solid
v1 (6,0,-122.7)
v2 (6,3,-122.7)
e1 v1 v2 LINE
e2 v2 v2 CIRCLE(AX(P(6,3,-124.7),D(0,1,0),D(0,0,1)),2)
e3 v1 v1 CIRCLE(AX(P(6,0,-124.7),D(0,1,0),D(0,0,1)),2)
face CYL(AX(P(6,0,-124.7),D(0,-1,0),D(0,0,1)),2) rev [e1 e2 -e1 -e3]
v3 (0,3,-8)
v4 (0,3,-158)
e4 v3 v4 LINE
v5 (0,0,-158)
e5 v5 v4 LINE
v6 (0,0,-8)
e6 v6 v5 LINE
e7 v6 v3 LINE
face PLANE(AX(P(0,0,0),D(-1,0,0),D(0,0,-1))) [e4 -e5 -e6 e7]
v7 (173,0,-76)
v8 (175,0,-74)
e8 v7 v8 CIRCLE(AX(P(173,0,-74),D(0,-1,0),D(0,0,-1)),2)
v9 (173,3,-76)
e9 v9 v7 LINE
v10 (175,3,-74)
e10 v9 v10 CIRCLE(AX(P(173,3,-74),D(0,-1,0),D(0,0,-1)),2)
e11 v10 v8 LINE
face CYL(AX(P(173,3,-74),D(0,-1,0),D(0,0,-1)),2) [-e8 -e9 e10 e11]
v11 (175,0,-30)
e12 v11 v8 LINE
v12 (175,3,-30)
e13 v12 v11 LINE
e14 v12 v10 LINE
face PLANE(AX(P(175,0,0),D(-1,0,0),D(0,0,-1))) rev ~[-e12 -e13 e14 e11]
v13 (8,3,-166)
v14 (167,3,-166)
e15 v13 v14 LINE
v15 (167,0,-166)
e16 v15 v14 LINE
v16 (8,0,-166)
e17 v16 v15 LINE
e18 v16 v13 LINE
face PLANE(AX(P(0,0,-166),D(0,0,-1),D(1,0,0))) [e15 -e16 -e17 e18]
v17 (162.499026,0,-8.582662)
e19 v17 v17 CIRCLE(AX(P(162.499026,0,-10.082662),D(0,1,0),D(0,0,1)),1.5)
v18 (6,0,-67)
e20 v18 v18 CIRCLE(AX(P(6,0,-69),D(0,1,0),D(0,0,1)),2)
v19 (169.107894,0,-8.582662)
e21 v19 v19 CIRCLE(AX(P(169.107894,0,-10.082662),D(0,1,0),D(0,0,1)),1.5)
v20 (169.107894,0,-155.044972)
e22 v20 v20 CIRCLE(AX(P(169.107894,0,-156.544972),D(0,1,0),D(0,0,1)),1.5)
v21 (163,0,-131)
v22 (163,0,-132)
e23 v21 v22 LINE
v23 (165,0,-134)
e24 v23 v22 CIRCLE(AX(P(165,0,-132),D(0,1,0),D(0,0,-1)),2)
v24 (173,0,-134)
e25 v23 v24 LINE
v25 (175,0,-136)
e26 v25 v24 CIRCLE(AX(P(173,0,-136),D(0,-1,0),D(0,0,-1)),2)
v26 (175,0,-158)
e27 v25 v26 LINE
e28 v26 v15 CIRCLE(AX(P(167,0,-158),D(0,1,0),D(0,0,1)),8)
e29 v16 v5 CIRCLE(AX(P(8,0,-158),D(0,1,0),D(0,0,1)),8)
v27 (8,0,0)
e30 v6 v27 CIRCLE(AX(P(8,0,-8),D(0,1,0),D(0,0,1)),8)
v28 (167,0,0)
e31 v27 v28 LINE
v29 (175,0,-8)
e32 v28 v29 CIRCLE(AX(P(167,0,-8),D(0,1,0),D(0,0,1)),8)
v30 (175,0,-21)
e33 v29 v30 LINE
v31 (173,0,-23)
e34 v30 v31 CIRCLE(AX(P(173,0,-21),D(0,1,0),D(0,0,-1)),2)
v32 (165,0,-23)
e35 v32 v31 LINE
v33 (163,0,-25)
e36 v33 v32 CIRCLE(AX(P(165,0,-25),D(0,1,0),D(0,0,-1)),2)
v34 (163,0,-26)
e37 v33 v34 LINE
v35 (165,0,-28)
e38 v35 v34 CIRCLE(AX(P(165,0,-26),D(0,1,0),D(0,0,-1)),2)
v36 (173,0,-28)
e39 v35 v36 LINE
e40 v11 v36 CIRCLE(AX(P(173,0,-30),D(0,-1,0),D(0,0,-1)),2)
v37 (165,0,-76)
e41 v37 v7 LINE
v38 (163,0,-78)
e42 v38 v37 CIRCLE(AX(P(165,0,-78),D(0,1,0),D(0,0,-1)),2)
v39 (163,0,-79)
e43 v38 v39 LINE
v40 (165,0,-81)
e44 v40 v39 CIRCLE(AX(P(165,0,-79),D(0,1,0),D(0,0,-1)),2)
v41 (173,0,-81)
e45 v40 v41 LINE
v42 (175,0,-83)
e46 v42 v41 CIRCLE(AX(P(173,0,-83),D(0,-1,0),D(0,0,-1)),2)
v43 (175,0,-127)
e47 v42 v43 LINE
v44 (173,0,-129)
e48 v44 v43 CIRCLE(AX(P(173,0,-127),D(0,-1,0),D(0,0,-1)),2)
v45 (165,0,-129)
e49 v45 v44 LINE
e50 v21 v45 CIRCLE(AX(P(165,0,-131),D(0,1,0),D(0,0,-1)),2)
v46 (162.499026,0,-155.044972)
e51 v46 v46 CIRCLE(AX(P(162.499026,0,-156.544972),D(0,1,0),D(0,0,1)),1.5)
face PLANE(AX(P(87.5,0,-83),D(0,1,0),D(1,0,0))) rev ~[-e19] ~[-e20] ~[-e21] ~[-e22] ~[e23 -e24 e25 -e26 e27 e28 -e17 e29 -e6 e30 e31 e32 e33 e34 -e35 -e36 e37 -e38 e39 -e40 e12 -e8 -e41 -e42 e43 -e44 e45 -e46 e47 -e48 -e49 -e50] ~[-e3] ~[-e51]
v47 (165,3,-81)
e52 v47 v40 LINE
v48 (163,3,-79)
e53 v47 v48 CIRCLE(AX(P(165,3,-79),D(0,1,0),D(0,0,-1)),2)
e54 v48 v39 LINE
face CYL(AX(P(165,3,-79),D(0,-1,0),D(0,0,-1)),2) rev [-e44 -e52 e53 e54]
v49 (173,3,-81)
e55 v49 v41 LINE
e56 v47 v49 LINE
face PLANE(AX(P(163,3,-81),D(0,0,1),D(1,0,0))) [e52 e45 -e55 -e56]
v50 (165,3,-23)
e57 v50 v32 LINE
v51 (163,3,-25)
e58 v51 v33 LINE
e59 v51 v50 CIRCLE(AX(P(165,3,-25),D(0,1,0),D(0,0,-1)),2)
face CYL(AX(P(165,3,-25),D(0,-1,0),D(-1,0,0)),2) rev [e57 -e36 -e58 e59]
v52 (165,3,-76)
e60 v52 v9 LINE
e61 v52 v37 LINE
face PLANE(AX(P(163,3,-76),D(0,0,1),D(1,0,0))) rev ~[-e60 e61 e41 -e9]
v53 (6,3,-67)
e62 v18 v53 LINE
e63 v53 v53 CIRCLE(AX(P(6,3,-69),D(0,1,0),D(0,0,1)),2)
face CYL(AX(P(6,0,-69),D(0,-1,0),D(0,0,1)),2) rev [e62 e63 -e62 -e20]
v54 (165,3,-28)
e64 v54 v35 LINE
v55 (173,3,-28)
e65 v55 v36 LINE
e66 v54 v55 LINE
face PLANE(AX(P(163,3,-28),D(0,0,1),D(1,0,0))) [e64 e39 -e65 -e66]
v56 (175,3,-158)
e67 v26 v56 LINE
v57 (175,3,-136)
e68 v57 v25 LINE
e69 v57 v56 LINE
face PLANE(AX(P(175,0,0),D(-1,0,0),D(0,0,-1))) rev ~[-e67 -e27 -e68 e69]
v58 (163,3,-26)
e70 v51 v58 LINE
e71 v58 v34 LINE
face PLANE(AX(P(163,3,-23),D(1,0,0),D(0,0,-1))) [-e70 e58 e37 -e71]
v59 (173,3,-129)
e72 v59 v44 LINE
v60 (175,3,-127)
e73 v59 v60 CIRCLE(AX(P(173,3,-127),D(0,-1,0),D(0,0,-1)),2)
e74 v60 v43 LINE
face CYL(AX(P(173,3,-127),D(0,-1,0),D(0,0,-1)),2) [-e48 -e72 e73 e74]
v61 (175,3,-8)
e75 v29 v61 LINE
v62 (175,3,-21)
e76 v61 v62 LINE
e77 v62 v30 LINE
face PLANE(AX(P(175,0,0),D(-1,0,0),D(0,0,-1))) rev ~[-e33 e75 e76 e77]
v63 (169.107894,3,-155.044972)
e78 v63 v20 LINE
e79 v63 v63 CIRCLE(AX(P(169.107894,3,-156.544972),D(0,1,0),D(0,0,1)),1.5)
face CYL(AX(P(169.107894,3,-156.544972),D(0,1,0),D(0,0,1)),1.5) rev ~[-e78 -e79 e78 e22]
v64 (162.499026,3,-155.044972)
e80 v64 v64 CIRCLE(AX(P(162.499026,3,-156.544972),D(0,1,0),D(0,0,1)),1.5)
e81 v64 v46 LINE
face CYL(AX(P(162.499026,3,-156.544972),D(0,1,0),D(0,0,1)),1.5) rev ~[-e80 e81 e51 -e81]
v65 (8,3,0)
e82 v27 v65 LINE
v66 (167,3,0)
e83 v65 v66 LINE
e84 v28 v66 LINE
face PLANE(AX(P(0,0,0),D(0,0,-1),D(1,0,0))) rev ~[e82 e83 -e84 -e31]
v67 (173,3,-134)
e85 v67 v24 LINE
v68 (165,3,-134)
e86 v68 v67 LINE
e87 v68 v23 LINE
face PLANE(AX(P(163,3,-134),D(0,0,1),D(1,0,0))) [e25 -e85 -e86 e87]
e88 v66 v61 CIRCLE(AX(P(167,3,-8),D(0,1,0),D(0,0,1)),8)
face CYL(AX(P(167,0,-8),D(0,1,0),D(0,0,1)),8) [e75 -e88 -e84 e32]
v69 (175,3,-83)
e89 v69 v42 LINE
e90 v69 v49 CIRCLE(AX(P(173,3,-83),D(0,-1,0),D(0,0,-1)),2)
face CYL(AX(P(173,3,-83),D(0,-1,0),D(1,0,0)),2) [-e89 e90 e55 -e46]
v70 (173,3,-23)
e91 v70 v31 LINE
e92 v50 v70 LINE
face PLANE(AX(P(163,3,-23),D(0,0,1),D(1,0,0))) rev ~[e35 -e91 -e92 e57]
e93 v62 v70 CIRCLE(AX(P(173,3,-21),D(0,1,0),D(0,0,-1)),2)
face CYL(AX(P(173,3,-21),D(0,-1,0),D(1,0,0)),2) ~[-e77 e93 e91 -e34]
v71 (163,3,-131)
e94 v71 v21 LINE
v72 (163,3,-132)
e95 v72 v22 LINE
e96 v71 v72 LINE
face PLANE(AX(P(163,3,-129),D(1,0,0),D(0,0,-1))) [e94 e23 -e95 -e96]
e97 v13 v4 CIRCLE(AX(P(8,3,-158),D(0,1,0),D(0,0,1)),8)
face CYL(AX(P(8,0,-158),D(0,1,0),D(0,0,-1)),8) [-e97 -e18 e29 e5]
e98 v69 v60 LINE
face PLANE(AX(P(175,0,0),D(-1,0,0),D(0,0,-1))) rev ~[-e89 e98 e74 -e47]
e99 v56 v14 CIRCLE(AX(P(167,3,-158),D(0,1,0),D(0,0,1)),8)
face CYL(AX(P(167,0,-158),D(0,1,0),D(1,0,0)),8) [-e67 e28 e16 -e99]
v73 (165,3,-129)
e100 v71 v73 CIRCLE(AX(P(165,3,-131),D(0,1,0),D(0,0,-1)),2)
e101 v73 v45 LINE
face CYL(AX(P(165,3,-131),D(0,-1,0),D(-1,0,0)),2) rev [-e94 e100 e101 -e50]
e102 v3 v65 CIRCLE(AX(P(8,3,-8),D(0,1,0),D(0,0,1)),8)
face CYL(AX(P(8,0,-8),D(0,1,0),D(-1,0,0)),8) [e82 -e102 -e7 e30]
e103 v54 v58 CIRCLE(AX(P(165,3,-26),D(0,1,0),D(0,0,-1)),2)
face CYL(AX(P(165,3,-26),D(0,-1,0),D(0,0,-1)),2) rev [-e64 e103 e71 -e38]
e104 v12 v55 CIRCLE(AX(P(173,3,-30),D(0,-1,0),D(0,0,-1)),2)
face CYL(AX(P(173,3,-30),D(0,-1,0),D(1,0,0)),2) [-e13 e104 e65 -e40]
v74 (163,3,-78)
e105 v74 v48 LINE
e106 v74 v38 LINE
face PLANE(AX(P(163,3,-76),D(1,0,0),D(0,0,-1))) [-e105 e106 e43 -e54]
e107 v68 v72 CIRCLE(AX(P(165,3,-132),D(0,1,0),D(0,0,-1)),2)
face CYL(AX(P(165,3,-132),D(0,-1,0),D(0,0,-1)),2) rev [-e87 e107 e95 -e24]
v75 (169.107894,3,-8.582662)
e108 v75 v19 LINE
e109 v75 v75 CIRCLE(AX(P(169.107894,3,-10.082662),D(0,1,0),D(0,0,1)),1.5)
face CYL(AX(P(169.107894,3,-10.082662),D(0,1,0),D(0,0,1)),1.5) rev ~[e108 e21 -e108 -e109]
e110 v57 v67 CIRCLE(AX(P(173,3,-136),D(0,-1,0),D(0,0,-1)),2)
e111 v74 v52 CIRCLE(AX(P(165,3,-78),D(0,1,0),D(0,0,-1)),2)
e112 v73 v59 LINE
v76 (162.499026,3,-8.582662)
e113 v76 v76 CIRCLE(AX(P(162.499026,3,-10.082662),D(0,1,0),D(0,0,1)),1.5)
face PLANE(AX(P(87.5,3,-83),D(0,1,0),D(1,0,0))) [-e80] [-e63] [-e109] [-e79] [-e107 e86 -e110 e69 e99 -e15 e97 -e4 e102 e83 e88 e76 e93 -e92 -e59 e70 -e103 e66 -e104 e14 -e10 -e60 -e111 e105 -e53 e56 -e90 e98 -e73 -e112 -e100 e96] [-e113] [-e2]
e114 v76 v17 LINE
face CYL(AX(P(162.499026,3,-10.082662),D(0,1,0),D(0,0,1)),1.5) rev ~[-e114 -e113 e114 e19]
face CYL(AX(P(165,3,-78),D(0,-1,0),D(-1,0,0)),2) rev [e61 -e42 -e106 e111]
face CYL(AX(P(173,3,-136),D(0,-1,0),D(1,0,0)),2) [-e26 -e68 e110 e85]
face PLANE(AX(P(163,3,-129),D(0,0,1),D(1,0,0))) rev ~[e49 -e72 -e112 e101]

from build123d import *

# Parameters (mm, degrees)
SKETCH_1_W          = 175
SKETCH_1_H          = 166
SKETCH_1_R          = 2
EXTRUDE_1_DEPTH     = 3
SKETCH_2_W          = 12
SKETCH_2_H          = 5
CUT_EXTRUDE_1_DEPTH = 242.226035079
FILLET_1_R          = 2
FILLET_2_R          = 8
SKETCH_4_R          = 1.5
CUT_EXTRUDE_3_DEPTH = 242.226035079


with BuildPart() as part:
    # 草图1 → 凸台-拉伸1 (new body)
    with BuildSketch(Plane(origin=(0, 0, 0), x_dir=(1, 0, 0), z_dir=(0, 1, 0))):
        with Locations((87.5, 83)):
            Rectangle(SKETCH_1_W, SKETCH_1_H)
        with Locations(Location((6, 124.7, 0), (0, 0, 270))):
            Circle(SKETCH_1_R, mode=Mode.SUBTRACT)
        with Locations(Location((6, 69, 0), (0, 0, 270))):
            Circle(SKETCH_1_R, mode=Mode.SUBTRACT)
    extrude(amount=EXTRUDE_1_DEPTH)

    # 草图2 → 切除-拉伸1 (cut, through all)
    with BuildSketch(Plane(origin=(0, 3, 0), x_dir=(1, 0, 0), z_dir=(0, 1, 0))):
        with Locations((169, 131.5)):
            Rectangle(SKETCH_2_W, SKETCH_2_H)
        with Locations((169, 78.5)):
            Rectangle(SKETCH_2_W, SKETCH_2_H)
        with Locations((169, 25.5)):
            Rectangle(SKETCH_2_W, SKETCH_2_H)
    extrude(amount=-CUT_EXTRUDE_1_DEPTH, mode=Mode.SUBTRACT)

    # 圆角1
    fillet_1_edges = [part.edges().sort_by_distance(p)[0] for p in [
        (175, 1.5, -134),
        (175, 1.5, -129),
        (163, 1.5, -129),
        (163, 1.5, -134),
        (175, 1.5, -81),
        (175, 1.5, -76),
        (163, 1.5, -76),
        (163, 1.5, -81),
        (175, 1.5, -28),
        (175, 1.5, -23),
        (163, 1.5, -23),
        (163, 1.5, -28),
    ]]
    fillet(fillet_1_edges, radius=FILLET_1_R)

    # 圆角2
    fillet_2_edges = [part.edges().sort_by_distance(p)[0] for p in [
        (0, 1.5, -166),
        (175, 1.5, -166),
        (175, 1.5, 0),
        (0, 1.5, 0),
    ]]
    fillet(fillet_2_edges, radius=FILLET_2_R)

    # 草图4 → 切除-拉伸3 (cut, through all)
    with BuildSketch(Plane(origin=(0, 3, 0), x_dir=(1, 0, 0), z_dir=(0, 1, 0))):
        with Locations(Location((162.499025796, 10.082661759, 0), (0, 0, 270))):
            Circle(SKETCH_4_R)
        with Locations(Location((169.107894404, 10.082661759, 0), (0, 0, 270))):
            Circle(SKETCH_4_R)
        with Locations(Location((162.499025796, 156.544971591, 0), (0, 0, 270))):
            Circle(SKETCH_4_R)
        with Locations(Location((169.107894404, 156.544971591, 0), (0, 0, 270))):
            Circle(SKETCH_4_R)
    extrude(amount=-CUT_EXTRUDE_3_DEPTH, mode=Mode.SUBTRACT)


solid = part.part
